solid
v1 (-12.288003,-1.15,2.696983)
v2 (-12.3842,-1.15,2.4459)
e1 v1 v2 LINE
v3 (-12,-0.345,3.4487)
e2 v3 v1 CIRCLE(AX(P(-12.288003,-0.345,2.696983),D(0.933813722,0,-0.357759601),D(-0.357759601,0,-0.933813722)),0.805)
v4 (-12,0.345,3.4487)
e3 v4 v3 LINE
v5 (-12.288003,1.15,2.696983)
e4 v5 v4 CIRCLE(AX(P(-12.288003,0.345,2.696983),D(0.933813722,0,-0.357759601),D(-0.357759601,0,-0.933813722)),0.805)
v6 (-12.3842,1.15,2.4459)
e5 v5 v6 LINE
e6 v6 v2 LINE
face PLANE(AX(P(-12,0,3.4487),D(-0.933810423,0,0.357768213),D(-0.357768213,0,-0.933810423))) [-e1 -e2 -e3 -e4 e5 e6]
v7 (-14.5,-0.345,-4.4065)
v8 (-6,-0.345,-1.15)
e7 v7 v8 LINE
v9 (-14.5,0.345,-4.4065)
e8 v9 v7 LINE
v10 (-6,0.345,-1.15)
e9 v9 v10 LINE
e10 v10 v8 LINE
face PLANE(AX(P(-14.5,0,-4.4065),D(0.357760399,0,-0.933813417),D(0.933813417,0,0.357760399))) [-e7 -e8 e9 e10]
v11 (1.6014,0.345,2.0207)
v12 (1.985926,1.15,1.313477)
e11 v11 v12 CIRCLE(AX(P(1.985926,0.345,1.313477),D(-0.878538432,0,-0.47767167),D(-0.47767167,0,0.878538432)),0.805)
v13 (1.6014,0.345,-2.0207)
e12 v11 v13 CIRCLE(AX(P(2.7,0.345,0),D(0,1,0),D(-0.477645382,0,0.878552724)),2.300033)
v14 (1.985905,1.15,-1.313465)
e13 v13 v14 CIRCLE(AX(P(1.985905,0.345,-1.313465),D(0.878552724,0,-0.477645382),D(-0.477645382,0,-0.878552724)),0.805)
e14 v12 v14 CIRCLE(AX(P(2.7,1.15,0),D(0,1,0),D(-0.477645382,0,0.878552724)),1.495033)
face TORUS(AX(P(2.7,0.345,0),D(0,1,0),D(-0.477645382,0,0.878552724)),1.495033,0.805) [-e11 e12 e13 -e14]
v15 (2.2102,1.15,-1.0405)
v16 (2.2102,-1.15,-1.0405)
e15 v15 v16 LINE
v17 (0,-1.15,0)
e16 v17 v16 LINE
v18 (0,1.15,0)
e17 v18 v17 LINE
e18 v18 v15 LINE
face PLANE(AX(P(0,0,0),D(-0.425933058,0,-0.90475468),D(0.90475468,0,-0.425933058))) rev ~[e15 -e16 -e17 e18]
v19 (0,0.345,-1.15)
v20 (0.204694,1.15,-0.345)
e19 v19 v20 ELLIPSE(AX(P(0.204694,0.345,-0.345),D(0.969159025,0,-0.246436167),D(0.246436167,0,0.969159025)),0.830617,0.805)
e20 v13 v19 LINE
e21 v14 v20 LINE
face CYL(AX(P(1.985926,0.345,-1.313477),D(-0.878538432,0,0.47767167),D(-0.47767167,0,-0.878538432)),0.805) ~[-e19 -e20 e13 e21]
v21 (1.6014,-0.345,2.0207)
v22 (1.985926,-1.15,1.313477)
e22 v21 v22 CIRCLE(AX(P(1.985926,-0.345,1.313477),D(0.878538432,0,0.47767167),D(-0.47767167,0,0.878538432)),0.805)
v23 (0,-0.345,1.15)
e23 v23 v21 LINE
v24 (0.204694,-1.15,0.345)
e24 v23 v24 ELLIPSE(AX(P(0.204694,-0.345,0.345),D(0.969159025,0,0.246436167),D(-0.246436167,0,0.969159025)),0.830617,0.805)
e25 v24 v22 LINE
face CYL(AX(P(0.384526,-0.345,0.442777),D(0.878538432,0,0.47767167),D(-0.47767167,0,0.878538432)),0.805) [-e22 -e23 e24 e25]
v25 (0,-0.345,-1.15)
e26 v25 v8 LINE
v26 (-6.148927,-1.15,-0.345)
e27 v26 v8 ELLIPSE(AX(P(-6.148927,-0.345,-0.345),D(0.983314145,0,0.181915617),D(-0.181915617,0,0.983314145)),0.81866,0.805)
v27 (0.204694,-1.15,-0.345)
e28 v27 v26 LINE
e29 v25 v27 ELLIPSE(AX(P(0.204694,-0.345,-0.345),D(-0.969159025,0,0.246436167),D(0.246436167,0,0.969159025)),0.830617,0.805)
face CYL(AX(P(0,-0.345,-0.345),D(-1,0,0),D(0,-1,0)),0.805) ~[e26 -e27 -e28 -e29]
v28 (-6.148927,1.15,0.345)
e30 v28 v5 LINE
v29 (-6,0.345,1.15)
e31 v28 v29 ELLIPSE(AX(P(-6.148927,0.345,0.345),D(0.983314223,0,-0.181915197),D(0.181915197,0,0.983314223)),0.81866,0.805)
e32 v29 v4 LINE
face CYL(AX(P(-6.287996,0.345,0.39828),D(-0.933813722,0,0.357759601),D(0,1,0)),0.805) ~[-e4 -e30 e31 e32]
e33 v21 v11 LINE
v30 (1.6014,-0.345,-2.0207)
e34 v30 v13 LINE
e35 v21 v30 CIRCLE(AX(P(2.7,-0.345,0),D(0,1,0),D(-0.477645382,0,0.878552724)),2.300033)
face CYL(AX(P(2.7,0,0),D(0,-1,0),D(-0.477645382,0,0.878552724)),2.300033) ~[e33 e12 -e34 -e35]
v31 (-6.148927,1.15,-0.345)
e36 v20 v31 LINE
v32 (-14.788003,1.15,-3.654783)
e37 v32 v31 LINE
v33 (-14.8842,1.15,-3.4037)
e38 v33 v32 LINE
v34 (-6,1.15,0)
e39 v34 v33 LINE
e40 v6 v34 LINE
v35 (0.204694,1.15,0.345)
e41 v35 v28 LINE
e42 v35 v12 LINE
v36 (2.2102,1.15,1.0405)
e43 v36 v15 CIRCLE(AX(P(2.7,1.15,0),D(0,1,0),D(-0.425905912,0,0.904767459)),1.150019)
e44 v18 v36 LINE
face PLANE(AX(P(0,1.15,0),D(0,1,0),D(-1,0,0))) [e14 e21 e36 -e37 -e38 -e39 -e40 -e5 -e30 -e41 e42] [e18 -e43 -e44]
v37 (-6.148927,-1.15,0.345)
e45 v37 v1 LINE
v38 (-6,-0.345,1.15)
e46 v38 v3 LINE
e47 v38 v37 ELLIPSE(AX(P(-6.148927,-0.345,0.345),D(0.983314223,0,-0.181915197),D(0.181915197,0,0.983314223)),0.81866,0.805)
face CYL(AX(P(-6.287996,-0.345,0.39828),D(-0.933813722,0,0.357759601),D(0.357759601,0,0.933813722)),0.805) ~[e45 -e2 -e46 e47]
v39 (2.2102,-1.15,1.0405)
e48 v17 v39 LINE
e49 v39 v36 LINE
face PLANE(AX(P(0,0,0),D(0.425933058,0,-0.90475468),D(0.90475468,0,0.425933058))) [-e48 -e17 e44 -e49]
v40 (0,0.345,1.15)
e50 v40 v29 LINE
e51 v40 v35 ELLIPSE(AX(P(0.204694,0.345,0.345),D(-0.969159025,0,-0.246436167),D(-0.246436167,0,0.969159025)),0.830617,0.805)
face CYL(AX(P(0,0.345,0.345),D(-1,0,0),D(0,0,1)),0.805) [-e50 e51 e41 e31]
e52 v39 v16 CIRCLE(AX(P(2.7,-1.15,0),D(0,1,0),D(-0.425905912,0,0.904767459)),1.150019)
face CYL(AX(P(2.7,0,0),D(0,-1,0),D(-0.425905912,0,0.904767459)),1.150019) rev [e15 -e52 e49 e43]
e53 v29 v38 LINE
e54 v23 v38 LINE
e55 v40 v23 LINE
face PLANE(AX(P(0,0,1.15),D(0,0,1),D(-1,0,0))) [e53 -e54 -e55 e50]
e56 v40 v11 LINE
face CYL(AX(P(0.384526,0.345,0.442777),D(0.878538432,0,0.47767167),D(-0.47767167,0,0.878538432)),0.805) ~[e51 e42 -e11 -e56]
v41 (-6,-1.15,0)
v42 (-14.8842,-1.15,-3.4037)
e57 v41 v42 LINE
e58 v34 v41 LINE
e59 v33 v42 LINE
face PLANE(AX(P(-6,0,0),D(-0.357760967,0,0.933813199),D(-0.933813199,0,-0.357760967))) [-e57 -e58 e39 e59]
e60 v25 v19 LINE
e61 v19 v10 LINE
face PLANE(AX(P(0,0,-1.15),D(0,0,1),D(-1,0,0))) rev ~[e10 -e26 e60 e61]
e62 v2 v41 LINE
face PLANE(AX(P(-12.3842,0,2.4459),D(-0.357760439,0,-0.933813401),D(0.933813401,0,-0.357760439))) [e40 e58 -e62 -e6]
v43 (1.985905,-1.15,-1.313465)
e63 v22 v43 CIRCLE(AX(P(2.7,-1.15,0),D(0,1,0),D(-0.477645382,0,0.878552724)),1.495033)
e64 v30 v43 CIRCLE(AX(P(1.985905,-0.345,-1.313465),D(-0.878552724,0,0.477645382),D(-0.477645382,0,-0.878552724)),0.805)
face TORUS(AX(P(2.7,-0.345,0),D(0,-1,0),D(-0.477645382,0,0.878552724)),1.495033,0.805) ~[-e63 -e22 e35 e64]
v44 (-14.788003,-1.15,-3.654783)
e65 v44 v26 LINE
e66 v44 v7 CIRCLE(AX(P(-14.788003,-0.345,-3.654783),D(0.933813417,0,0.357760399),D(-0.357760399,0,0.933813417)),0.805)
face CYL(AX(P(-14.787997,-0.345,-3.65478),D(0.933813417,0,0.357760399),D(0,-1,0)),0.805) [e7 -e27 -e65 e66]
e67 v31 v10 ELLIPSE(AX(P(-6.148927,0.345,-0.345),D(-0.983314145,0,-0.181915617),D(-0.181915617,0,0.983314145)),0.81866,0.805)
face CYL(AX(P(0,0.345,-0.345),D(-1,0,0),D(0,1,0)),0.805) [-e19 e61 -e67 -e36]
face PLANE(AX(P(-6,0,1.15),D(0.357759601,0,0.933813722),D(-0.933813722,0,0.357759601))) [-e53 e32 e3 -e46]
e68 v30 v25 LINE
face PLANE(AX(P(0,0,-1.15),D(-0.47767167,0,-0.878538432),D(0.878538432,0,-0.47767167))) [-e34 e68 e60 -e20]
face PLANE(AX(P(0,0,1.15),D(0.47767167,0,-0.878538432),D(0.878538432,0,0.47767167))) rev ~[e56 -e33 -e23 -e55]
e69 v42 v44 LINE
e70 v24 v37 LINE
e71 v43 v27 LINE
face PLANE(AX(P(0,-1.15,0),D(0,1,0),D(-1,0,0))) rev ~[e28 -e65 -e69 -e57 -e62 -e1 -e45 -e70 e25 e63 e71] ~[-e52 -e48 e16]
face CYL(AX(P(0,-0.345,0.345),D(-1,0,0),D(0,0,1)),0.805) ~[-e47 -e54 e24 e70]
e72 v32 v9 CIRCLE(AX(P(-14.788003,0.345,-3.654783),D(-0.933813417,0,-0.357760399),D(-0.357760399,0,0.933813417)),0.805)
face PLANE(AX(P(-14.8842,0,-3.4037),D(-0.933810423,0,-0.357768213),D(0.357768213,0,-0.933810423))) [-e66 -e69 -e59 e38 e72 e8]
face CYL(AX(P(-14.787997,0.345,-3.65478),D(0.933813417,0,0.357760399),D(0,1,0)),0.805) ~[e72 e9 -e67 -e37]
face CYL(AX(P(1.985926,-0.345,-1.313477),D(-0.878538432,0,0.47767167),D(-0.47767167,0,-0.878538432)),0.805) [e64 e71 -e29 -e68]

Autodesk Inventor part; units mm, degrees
ref_plane "YZ Plane" through (0, 0, 0) normal (1, 0, 0) x (0, 1, 0)
sketch "Skizze1" plane through (0, 0, 0) normal (0, 1, 0) x (-1, 0, 0)
  arc A0 (-1.6014, 2.0207) -> (-1.6014, -2.0207) centre (-2.7, 0) ccw
  arc A1 (-2.2102, 1.0405) -> (-2.2102, -1.0405) centre (-2.7, 0) ccw
  line L0 (0, 1.15) -> (6, 1.15)
  line L1 (0, -1.15) -> (6, -1.15)
  line L2 (6, 1.15) -> (12, 3.4487)
  line L3 (12, 3.4487) -> (12.3842, 2.4459)
  line L4 (12.3842, 2.4459) -> (6, 0)
  line L5 (6, 0) -> (14.8842, -3.4037)
  line L6 (14.8842, -3.4037) -> (14.5, -4.4065)
  line L7 (14.5, -4.4065) -> (6, -1.15)
  line L8 (0, 0) -> (-2.2102, -1.0405)
  line L9 (0, 0) -> (-2.2102, 1.0405)
  line L10 (0, 1.15) -> (0, -1.15) construction
  line L11 (0, 1.15) -> (-1.6014, 2.0207)
  line L12 (0, -1.15) -> (-1.6014, -2.0207)
  line L13 (-5, 0) -> (6, 0) construction
  line L14 (6, 1.15) -> (6, -1.15) construction
  dimension "d0" = 6
  dimension "d1" = 12
  dimension "d2" = 159.037
  dimension "d3" = 159.037
  dimension "d4" = 2.5
  dimension "d5" = 1.15
  dimension "d6" = 2.3
  dimension "d7" = 1.15
  dimension "d8" = 1.15
  dimension "d9" = 2.7
extrude "Körper" add sketch "Skizze1" along normal mid plane 2.3
fillet "Rundung" radius 0.805 14 edges at (-9, -1.15, 2.2994) (-9, 1.15, 2.2994) (-3, -1.15, 1.15) (-3, 1.15, 1.15) (5, -1.15, 0) (0.8007, -1.15, -1.5853) (0.8007, -1.15, 1.5853) (5, 1.15, 0) (0.8007, 1.15, 1.5853) (0.8007, 1.15, -1.5853) (-3, -1.15, -1.15) (-10.25, -1.15, -2.7783) (-3, 1.15, -1.15) (-10.25, 1.15, -2.7783)
ref_plane "Work Plane1" through (0, -10, 0) normal (0, 0, -1) x (0, 1, 0)
ref_plane "Work Plane3" through (0, 0, 1.15) normal (-1, 0, 0) x (0, 1, 0)
equation "\"d0\" = MSIAB"
equation "\"d1\" = SNLG"
equation "\"d4\" = LGDIF"
equation "\"d5\" = -0.5 * SNND1 + 0.5 * KBR"
equation "\"d6\" = 0.5 * KBR"
equation "\"d7\" = 0.5 * SNND1"
equation "\"d8\" = 0.5 * SNND1"
equation "\"d9\" = KOL - 0.5 * KBR"
equation "\"d10\" = SNND1"
equation "\"d12\" = 0.35 * SNND1"
equation "\"SNND\" = 2.5"
equation "\"SNLG\" = 12"
equation "\"SNND1\" = 2.3"
equation "\"KBR\" = 4.6"
equation "\"KOL\" = 5"
equation "\"LGDIF\" = 2.5"
equation "\"MSIAB\" = 6"
equation "\"NNDMAX\" = 11"
equation "\"DSH\" = 5"
equation "\"NNDMIN\" = 9"
properties part number "ISO 1234 - 2,5 x 12" material "Stahl"
